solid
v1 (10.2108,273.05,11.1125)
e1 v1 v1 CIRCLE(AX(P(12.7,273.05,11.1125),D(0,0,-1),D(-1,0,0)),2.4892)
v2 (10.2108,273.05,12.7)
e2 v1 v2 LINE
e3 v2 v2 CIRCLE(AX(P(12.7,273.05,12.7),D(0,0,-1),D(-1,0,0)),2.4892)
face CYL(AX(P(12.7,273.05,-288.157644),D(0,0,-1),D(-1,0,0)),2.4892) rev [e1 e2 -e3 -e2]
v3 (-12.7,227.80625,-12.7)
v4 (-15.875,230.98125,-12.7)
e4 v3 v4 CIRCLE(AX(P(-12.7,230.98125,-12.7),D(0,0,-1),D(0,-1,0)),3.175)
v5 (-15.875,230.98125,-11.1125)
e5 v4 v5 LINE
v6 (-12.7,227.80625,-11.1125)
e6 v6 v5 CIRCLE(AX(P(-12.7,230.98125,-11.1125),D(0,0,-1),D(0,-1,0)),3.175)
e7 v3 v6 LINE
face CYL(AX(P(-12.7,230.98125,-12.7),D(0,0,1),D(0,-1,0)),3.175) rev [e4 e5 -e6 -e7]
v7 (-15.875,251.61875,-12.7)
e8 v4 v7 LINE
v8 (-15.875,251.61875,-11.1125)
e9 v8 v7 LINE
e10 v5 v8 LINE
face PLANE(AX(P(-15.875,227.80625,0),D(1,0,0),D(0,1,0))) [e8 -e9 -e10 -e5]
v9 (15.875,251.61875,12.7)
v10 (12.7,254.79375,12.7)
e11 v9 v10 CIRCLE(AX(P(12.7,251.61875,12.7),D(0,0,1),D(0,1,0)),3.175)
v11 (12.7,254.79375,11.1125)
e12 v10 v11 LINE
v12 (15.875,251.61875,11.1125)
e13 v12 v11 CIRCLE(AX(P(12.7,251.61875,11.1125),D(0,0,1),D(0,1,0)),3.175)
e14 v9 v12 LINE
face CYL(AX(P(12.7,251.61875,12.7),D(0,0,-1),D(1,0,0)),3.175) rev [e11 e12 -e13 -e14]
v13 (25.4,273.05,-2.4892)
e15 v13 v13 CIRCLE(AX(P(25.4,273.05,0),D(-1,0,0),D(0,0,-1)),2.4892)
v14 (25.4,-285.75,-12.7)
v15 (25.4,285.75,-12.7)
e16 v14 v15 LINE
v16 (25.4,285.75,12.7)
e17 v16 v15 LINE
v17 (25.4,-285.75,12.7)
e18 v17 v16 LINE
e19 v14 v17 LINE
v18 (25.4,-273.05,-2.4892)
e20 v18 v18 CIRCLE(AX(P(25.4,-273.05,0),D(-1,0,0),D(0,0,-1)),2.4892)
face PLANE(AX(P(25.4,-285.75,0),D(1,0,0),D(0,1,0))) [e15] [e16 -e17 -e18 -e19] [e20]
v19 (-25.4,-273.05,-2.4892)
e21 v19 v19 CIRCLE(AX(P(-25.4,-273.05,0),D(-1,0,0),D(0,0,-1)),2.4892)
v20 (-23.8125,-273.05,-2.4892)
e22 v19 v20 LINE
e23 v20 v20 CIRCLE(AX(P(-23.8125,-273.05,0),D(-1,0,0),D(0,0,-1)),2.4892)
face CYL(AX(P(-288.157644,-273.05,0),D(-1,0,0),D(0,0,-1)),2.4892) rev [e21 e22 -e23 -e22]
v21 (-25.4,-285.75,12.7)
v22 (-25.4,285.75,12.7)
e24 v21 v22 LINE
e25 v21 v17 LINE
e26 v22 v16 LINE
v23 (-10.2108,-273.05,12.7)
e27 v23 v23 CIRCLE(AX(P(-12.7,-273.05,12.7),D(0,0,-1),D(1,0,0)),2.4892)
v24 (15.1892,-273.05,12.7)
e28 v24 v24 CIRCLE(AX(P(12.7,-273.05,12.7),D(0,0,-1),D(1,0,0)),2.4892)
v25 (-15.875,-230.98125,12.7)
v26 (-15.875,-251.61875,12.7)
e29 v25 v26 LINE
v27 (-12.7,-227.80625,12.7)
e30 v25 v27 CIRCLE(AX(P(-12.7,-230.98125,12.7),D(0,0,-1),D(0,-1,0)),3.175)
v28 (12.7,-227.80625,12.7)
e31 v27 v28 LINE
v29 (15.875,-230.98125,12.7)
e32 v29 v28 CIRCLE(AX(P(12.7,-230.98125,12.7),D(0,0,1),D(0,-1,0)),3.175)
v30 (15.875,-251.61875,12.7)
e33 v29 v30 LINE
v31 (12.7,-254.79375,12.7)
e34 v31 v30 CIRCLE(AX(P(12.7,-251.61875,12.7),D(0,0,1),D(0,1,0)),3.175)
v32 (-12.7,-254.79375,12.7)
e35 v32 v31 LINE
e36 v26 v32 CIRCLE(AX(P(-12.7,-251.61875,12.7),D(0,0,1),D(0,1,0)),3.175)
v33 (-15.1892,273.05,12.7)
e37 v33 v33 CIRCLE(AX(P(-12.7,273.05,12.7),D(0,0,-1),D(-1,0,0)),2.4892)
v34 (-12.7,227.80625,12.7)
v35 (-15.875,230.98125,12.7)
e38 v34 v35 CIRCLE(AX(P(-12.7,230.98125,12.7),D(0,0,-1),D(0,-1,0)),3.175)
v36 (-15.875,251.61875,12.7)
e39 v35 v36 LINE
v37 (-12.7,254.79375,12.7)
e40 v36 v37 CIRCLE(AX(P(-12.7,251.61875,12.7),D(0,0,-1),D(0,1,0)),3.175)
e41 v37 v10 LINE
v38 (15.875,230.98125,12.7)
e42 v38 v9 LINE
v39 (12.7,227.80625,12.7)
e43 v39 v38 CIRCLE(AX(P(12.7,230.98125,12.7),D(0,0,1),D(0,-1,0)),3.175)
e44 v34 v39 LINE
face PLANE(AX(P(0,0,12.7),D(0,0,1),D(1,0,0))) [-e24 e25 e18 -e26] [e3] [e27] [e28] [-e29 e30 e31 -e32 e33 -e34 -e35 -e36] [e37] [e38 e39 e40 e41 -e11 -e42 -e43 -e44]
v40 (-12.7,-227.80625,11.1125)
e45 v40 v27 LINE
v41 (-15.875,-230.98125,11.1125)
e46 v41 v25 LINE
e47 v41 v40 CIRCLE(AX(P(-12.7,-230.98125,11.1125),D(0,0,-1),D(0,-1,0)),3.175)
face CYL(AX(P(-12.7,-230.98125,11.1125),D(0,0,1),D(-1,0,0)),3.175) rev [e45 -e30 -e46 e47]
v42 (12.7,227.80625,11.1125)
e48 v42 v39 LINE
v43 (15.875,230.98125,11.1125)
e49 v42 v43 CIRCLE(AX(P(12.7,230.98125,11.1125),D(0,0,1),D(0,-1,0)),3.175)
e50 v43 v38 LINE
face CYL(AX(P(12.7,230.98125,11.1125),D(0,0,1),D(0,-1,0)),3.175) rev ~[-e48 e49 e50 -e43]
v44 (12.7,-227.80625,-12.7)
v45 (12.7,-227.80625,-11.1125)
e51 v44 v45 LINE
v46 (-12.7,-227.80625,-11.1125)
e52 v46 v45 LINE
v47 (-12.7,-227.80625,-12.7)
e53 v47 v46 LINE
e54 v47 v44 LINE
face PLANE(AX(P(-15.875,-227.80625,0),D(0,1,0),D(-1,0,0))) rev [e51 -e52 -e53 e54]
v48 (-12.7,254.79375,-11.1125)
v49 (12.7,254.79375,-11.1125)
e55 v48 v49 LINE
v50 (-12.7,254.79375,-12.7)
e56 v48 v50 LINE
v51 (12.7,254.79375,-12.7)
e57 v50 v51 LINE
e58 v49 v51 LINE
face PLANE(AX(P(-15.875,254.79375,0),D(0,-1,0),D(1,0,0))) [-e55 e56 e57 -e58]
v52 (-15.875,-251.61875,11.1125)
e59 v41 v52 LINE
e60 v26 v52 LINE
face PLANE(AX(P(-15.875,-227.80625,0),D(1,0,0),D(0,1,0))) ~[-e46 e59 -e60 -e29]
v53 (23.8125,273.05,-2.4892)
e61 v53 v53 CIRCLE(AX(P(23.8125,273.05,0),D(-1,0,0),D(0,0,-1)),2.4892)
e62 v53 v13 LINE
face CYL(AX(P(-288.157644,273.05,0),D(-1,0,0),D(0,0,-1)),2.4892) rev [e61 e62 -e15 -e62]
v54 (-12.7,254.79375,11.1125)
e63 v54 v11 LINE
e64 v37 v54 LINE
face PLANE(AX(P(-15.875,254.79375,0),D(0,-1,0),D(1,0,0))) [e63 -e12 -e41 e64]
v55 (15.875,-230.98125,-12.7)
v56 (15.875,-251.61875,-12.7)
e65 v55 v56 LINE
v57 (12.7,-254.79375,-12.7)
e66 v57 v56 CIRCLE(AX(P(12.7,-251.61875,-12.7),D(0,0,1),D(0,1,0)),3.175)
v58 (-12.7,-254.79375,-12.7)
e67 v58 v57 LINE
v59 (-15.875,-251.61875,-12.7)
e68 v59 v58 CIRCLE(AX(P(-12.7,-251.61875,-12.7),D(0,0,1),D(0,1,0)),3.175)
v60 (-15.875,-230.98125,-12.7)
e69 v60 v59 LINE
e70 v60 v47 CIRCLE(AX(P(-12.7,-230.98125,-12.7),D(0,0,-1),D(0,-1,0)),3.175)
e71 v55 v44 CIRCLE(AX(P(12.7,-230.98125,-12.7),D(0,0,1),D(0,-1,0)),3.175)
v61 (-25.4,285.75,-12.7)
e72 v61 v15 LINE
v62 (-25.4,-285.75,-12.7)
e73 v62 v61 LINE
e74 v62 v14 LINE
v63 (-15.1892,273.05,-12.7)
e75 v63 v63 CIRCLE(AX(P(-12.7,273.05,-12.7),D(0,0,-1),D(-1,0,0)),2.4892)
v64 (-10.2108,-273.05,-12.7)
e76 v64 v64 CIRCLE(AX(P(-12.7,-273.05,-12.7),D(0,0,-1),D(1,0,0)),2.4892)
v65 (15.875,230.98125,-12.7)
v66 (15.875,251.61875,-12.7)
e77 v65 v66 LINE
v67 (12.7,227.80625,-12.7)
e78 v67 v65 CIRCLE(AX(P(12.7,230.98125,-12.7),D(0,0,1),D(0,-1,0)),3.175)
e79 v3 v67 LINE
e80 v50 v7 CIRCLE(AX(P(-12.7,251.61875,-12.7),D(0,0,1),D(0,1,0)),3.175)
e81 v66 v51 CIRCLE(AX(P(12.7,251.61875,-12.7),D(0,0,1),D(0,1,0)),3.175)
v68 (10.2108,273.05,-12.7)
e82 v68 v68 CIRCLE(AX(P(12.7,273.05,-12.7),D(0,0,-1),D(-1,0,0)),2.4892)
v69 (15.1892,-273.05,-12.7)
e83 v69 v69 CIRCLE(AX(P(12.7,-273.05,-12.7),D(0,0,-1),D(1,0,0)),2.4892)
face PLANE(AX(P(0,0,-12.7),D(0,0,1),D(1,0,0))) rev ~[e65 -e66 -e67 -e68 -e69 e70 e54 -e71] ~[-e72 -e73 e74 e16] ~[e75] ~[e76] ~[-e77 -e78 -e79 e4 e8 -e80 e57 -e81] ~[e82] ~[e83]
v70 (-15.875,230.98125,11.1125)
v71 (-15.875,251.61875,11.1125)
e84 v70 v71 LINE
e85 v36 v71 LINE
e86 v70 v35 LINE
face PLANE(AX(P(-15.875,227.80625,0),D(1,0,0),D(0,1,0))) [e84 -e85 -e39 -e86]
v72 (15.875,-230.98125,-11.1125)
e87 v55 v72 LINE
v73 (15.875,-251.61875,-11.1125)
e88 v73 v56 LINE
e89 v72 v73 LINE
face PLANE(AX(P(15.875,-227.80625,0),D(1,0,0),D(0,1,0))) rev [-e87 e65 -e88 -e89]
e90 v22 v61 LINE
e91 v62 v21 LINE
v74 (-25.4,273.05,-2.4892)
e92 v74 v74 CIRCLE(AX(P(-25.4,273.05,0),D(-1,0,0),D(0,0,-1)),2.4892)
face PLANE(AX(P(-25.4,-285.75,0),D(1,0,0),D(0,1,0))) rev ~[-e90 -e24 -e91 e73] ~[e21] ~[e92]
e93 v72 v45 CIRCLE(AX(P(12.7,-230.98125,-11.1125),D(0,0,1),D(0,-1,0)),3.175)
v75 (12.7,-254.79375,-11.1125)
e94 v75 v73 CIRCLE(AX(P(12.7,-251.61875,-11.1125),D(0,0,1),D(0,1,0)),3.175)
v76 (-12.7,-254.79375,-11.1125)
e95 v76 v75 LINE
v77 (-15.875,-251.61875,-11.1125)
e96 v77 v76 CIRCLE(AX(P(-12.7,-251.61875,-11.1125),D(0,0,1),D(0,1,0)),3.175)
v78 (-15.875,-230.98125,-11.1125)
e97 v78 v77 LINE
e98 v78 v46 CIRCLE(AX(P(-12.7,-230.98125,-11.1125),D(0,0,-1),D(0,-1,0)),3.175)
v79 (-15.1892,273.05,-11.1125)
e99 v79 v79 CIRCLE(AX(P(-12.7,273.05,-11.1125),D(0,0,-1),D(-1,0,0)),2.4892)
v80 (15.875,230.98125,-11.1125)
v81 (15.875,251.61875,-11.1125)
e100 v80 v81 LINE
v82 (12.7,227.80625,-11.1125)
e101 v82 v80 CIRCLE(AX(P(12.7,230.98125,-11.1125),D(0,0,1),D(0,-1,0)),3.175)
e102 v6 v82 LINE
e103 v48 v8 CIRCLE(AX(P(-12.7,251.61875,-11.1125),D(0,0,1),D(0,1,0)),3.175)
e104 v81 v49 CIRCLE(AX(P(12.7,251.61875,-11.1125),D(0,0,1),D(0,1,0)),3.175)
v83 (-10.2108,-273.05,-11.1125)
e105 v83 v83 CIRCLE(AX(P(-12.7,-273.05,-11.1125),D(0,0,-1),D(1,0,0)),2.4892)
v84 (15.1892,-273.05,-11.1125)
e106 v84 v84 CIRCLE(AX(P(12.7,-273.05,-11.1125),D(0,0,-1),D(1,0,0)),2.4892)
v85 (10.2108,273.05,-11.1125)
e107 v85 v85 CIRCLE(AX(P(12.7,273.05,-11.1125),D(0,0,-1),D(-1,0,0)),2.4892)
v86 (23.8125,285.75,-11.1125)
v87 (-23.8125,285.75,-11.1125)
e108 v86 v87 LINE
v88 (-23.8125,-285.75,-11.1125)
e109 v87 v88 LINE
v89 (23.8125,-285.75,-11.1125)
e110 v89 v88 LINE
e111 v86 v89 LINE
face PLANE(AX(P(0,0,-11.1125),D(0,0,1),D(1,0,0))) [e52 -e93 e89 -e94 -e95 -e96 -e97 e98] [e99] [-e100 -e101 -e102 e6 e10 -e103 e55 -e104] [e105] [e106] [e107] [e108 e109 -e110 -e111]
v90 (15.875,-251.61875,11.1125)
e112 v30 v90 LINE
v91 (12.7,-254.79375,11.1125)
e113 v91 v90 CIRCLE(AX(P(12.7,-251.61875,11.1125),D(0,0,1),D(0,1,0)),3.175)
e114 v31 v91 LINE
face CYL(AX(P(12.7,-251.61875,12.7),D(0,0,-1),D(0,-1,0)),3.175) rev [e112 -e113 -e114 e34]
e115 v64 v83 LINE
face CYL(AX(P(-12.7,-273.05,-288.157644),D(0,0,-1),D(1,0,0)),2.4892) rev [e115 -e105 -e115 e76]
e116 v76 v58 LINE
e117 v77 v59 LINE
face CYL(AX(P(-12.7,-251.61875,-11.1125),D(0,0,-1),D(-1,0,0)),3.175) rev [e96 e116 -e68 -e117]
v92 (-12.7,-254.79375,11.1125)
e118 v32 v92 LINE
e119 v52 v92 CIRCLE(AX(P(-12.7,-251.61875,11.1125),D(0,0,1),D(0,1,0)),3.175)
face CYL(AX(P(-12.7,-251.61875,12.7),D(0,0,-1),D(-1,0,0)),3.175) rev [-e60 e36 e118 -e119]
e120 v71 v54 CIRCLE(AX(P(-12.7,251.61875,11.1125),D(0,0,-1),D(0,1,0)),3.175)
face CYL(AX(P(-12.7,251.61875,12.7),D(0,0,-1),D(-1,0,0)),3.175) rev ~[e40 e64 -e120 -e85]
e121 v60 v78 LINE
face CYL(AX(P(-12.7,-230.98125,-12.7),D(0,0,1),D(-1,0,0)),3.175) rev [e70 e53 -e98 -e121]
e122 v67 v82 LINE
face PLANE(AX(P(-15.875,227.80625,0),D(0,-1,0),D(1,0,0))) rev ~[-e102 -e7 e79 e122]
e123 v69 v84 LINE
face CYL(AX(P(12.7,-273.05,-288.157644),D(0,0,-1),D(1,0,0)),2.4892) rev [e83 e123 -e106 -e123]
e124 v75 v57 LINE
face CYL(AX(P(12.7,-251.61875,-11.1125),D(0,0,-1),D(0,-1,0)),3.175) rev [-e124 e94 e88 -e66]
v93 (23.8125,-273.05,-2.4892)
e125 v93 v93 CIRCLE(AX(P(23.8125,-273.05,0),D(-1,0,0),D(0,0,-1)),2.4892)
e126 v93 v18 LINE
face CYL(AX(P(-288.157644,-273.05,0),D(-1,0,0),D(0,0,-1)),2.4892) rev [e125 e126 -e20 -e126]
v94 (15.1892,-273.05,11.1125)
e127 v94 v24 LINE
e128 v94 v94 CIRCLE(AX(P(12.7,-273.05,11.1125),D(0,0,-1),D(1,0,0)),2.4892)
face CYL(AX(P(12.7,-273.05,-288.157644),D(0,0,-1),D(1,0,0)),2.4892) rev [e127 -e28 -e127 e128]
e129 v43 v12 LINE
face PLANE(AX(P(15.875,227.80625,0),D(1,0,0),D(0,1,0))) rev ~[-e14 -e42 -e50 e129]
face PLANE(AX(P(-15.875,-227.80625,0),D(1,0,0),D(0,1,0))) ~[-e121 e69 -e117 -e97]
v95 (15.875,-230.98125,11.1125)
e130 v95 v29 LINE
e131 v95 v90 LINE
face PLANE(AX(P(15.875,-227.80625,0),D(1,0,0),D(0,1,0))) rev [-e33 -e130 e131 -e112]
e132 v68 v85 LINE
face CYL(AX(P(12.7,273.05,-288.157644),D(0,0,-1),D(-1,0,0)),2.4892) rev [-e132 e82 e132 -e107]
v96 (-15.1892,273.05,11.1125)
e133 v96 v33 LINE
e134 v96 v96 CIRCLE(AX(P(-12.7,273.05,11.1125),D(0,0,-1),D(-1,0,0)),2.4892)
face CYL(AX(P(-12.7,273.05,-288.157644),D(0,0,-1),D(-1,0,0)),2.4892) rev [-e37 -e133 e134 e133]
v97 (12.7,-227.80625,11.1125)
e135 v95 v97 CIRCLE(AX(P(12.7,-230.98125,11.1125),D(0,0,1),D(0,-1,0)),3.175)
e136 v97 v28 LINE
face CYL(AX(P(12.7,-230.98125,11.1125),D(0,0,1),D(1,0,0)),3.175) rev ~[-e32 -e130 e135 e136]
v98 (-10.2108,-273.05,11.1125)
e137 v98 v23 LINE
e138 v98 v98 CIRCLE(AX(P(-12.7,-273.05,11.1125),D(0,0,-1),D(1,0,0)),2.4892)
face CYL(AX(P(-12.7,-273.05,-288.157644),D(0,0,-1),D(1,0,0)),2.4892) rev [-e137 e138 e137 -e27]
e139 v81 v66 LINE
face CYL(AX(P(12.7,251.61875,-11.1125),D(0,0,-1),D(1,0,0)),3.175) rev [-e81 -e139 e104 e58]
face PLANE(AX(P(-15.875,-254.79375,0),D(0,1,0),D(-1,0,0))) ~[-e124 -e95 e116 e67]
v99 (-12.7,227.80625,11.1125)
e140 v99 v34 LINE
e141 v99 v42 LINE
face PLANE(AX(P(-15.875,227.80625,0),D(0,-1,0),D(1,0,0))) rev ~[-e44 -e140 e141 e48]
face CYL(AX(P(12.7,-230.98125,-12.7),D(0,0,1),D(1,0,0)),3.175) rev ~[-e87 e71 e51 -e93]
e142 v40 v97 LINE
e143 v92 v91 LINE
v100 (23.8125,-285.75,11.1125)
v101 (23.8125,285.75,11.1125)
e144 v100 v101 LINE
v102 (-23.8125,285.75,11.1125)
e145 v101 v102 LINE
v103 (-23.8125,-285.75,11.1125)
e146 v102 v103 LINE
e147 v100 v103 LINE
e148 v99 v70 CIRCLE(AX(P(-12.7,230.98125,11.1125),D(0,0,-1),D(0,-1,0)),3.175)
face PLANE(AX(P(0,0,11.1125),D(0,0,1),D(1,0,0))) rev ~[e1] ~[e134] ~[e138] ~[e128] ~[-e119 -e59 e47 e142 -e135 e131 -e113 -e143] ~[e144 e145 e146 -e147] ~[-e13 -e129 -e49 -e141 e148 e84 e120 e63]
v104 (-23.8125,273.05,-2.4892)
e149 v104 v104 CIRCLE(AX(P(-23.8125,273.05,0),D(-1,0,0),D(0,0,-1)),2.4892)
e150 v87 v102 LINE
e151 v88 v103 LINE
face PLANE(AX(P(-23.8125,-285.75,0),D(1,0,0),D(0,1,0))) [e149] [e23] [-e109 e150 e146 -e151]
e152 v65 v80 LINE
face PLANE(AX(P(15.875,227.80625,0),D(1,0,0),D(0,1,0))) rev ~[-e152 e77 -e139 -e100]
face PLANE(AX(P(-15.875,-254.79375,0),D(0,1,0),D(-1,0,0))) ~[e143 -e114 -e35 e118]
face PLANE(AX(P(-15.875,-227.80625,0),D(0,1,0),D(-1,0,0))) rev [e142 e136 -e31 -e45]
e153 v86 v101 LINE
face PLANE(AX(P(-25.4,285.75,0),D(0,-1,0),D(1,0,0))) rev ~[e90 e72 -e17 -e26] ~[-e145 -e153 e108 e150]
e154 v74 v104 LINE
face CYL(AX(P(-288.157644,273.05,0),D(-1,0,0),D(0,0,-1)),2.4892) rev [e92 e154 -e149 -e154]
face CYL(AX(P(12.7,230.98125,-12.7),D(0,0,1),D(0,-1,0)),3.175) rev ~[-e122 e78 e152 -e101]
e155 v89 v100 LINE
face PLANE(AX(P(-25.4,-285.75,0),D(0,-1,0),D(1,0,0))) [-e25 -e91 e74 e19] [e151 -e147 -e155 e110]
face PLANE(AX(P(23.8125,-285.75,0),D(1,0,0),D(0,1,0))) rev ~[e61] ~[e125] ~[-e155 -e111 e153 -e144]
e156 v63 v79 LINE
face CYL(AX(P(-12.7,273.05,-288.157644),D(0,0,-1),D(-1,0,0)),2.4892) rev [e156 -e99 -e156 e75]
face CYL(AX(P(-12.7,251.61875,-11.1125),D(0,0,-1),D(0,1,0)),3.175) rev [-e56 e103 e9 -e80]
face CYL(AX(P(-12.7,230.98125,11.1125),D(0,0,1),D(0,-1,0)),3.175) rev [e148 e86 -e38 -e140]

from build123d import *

# Parameters (mm, degrees)
SKETCH1_W               = 50.8
SKETCH1_H               = 571.5
BOSS_EXTRUDE1_DEPTH     = 12.7
SHELL1_T                = -1.5875
CUT_EXTRUDE1_DEPTH      = 288.157643987
CUT_EXTRUDE1_DEPTH_BACK = 288.157643987
SKETCH2_R               = 2.4892
CUT_EXTRUDE2_DEPTH      = 288.157643987
CUT_EXTRUDE2_DEPTH_BACK = 288.157643987
SKETCH3_R               = 2.4892
SKETCH4_W               = 31.75
SKETCH4_H               = 26.9875
CUT_EXTRUDE3_DEPTH      = 288.157643987
FILLET1_R               = 3.175
FILLET1_OF_MIRROR1_R    = 3.175
FILLET2_R               = 3.175


with BuildPart() as part:
    # Sketch1 → Boss-Extrude1 (new, symmetric)
    with BuildSketch(Plane.XY):
        Rectangle(SKETCH1_W, SKETCH1_H)
    extrude(amount=BOSS_EXTRUDE1_DEPTH, both=True)

    # Shell1
    shell1_openings = [part.faces().sort_by_distance(p)[0] for p in [
        (0, -285.75, 0),
        (0, 285.75, 0),
    ]]
    offset(amount=SHELL1_T, openings=shell1_openings, kind=Kind.INTERSECTION)

    # Sketch2 → Cut-Extrude1 (cut, two sides: drawn at the far end of the back side and taken through both)
    with BuildSketch(Plane.XY.offset(-CUT_EXTRUDE1_DEPTH_BACK)):
        with Locations((-12.7, -273.05)):
            Circle(SKETCH2_R)
        with Locations((12.7, -273.05)):
            Circle(SKETCH2_R)
        with Locations(Location((12.7, 273.05, 0), (0, 0, 180))):
            Circle(SKETCH2_R)
        with Locations(Location((-12.7, 273.05, 0), (0, 0, 180))):
            Circle(SKETCH2_R)
    extrude(amount=CUT_EXTRUDE1_DEPTH + CUT_EXTRUDE1_DEPTH_BACK, mode=Mode.SUBTRACT)

    # Sketch3 → Cut-Extrude2 (cut, two sides: drawn at the far end of the back side and taken through both)
    with BuildSketch(Plane(origin=(0, 0, 0), x_dir=(0, 0, -1), z_dir=(1, 0, 0)).offset(-CUT_EXTRUDE2_DEPTH_BACK)):
        with Locations((0, -273.05)):
            Circle(SKETCH3_R)
        with Locations((0, 273.05)):
            Circle(SKETCH3_R)
    extrude(amount=CUT_EXTRUDE2_DEPTH + CUT_EXTRUDE2_DEPTH_BACK, mode=Mode.SUBTRACT)

    # Sketch4 → Cut-Extrude3 (cut, symmetric)
    with BuildSketch(Plane.XY):
        with Locations((0, 241.3)):
            Rectangle(SKETCH4_W, SKETCH4_H)
    cut_extrude3 = extrude(amount=CUT_EXTRUDE3_DEPTH, both=True, mode=Mode.SUBTRACT)

    # Fillet1
    fillet1_edges = [part.edges().sort_by_distance(p)[0] for p in [
        (-15.875, 227.80625, -11.90625),
        (-15.875, 254.79375, -11.90625),
        (15.875, 254.79375, -11.90625),
        (15.875, 227.80625, -11.90625),
    ]]
    fillet(fillet1_edges, radius=FILLET1_R)

    # Mirror1: Cut-Extrude3 across plane
    add(cut_extrude3.mirror(Plane.ZX), mode=Mode.SUBTRACT)

    # Fillet1 of Mirror1
    fillet1_of_mirror1_edges = [part.edges().sort_by_distance(p)[0] for p in [
        (-15.875, -227.80625, -11.90625),
        (-15.875, -254.79375, -11.90625),
        (15.875, -254.79375, -11.90625),
        (15.875, -227.80625, -11.90625),
    ]]
    fillet(fillet1_of_mirror1_edges, radius=FILLET1_OF_MIRROR1_R)

    # Fillet2
    fillet2_edges = [part.edges().sort_by_distance(p)[0] for p in [
        (-15.875, -254.79375, 11.90625),
        (-15.875, -227.80625, 11.90625),
        (15.875, -227.80625, 11.90625),
        (15.875, -254.79375, 11.90625),
        (-15.875, 227.80625, 11.90625),
        (-15.875, 254.79375, 11.90625),
        (15.875, 254.79375, 11.90625),
        (15.875, 227.80625, 11.90625),
    ]]
    fillet(fillet2_edges, radius=FILLET2_R)


solid = part.part
